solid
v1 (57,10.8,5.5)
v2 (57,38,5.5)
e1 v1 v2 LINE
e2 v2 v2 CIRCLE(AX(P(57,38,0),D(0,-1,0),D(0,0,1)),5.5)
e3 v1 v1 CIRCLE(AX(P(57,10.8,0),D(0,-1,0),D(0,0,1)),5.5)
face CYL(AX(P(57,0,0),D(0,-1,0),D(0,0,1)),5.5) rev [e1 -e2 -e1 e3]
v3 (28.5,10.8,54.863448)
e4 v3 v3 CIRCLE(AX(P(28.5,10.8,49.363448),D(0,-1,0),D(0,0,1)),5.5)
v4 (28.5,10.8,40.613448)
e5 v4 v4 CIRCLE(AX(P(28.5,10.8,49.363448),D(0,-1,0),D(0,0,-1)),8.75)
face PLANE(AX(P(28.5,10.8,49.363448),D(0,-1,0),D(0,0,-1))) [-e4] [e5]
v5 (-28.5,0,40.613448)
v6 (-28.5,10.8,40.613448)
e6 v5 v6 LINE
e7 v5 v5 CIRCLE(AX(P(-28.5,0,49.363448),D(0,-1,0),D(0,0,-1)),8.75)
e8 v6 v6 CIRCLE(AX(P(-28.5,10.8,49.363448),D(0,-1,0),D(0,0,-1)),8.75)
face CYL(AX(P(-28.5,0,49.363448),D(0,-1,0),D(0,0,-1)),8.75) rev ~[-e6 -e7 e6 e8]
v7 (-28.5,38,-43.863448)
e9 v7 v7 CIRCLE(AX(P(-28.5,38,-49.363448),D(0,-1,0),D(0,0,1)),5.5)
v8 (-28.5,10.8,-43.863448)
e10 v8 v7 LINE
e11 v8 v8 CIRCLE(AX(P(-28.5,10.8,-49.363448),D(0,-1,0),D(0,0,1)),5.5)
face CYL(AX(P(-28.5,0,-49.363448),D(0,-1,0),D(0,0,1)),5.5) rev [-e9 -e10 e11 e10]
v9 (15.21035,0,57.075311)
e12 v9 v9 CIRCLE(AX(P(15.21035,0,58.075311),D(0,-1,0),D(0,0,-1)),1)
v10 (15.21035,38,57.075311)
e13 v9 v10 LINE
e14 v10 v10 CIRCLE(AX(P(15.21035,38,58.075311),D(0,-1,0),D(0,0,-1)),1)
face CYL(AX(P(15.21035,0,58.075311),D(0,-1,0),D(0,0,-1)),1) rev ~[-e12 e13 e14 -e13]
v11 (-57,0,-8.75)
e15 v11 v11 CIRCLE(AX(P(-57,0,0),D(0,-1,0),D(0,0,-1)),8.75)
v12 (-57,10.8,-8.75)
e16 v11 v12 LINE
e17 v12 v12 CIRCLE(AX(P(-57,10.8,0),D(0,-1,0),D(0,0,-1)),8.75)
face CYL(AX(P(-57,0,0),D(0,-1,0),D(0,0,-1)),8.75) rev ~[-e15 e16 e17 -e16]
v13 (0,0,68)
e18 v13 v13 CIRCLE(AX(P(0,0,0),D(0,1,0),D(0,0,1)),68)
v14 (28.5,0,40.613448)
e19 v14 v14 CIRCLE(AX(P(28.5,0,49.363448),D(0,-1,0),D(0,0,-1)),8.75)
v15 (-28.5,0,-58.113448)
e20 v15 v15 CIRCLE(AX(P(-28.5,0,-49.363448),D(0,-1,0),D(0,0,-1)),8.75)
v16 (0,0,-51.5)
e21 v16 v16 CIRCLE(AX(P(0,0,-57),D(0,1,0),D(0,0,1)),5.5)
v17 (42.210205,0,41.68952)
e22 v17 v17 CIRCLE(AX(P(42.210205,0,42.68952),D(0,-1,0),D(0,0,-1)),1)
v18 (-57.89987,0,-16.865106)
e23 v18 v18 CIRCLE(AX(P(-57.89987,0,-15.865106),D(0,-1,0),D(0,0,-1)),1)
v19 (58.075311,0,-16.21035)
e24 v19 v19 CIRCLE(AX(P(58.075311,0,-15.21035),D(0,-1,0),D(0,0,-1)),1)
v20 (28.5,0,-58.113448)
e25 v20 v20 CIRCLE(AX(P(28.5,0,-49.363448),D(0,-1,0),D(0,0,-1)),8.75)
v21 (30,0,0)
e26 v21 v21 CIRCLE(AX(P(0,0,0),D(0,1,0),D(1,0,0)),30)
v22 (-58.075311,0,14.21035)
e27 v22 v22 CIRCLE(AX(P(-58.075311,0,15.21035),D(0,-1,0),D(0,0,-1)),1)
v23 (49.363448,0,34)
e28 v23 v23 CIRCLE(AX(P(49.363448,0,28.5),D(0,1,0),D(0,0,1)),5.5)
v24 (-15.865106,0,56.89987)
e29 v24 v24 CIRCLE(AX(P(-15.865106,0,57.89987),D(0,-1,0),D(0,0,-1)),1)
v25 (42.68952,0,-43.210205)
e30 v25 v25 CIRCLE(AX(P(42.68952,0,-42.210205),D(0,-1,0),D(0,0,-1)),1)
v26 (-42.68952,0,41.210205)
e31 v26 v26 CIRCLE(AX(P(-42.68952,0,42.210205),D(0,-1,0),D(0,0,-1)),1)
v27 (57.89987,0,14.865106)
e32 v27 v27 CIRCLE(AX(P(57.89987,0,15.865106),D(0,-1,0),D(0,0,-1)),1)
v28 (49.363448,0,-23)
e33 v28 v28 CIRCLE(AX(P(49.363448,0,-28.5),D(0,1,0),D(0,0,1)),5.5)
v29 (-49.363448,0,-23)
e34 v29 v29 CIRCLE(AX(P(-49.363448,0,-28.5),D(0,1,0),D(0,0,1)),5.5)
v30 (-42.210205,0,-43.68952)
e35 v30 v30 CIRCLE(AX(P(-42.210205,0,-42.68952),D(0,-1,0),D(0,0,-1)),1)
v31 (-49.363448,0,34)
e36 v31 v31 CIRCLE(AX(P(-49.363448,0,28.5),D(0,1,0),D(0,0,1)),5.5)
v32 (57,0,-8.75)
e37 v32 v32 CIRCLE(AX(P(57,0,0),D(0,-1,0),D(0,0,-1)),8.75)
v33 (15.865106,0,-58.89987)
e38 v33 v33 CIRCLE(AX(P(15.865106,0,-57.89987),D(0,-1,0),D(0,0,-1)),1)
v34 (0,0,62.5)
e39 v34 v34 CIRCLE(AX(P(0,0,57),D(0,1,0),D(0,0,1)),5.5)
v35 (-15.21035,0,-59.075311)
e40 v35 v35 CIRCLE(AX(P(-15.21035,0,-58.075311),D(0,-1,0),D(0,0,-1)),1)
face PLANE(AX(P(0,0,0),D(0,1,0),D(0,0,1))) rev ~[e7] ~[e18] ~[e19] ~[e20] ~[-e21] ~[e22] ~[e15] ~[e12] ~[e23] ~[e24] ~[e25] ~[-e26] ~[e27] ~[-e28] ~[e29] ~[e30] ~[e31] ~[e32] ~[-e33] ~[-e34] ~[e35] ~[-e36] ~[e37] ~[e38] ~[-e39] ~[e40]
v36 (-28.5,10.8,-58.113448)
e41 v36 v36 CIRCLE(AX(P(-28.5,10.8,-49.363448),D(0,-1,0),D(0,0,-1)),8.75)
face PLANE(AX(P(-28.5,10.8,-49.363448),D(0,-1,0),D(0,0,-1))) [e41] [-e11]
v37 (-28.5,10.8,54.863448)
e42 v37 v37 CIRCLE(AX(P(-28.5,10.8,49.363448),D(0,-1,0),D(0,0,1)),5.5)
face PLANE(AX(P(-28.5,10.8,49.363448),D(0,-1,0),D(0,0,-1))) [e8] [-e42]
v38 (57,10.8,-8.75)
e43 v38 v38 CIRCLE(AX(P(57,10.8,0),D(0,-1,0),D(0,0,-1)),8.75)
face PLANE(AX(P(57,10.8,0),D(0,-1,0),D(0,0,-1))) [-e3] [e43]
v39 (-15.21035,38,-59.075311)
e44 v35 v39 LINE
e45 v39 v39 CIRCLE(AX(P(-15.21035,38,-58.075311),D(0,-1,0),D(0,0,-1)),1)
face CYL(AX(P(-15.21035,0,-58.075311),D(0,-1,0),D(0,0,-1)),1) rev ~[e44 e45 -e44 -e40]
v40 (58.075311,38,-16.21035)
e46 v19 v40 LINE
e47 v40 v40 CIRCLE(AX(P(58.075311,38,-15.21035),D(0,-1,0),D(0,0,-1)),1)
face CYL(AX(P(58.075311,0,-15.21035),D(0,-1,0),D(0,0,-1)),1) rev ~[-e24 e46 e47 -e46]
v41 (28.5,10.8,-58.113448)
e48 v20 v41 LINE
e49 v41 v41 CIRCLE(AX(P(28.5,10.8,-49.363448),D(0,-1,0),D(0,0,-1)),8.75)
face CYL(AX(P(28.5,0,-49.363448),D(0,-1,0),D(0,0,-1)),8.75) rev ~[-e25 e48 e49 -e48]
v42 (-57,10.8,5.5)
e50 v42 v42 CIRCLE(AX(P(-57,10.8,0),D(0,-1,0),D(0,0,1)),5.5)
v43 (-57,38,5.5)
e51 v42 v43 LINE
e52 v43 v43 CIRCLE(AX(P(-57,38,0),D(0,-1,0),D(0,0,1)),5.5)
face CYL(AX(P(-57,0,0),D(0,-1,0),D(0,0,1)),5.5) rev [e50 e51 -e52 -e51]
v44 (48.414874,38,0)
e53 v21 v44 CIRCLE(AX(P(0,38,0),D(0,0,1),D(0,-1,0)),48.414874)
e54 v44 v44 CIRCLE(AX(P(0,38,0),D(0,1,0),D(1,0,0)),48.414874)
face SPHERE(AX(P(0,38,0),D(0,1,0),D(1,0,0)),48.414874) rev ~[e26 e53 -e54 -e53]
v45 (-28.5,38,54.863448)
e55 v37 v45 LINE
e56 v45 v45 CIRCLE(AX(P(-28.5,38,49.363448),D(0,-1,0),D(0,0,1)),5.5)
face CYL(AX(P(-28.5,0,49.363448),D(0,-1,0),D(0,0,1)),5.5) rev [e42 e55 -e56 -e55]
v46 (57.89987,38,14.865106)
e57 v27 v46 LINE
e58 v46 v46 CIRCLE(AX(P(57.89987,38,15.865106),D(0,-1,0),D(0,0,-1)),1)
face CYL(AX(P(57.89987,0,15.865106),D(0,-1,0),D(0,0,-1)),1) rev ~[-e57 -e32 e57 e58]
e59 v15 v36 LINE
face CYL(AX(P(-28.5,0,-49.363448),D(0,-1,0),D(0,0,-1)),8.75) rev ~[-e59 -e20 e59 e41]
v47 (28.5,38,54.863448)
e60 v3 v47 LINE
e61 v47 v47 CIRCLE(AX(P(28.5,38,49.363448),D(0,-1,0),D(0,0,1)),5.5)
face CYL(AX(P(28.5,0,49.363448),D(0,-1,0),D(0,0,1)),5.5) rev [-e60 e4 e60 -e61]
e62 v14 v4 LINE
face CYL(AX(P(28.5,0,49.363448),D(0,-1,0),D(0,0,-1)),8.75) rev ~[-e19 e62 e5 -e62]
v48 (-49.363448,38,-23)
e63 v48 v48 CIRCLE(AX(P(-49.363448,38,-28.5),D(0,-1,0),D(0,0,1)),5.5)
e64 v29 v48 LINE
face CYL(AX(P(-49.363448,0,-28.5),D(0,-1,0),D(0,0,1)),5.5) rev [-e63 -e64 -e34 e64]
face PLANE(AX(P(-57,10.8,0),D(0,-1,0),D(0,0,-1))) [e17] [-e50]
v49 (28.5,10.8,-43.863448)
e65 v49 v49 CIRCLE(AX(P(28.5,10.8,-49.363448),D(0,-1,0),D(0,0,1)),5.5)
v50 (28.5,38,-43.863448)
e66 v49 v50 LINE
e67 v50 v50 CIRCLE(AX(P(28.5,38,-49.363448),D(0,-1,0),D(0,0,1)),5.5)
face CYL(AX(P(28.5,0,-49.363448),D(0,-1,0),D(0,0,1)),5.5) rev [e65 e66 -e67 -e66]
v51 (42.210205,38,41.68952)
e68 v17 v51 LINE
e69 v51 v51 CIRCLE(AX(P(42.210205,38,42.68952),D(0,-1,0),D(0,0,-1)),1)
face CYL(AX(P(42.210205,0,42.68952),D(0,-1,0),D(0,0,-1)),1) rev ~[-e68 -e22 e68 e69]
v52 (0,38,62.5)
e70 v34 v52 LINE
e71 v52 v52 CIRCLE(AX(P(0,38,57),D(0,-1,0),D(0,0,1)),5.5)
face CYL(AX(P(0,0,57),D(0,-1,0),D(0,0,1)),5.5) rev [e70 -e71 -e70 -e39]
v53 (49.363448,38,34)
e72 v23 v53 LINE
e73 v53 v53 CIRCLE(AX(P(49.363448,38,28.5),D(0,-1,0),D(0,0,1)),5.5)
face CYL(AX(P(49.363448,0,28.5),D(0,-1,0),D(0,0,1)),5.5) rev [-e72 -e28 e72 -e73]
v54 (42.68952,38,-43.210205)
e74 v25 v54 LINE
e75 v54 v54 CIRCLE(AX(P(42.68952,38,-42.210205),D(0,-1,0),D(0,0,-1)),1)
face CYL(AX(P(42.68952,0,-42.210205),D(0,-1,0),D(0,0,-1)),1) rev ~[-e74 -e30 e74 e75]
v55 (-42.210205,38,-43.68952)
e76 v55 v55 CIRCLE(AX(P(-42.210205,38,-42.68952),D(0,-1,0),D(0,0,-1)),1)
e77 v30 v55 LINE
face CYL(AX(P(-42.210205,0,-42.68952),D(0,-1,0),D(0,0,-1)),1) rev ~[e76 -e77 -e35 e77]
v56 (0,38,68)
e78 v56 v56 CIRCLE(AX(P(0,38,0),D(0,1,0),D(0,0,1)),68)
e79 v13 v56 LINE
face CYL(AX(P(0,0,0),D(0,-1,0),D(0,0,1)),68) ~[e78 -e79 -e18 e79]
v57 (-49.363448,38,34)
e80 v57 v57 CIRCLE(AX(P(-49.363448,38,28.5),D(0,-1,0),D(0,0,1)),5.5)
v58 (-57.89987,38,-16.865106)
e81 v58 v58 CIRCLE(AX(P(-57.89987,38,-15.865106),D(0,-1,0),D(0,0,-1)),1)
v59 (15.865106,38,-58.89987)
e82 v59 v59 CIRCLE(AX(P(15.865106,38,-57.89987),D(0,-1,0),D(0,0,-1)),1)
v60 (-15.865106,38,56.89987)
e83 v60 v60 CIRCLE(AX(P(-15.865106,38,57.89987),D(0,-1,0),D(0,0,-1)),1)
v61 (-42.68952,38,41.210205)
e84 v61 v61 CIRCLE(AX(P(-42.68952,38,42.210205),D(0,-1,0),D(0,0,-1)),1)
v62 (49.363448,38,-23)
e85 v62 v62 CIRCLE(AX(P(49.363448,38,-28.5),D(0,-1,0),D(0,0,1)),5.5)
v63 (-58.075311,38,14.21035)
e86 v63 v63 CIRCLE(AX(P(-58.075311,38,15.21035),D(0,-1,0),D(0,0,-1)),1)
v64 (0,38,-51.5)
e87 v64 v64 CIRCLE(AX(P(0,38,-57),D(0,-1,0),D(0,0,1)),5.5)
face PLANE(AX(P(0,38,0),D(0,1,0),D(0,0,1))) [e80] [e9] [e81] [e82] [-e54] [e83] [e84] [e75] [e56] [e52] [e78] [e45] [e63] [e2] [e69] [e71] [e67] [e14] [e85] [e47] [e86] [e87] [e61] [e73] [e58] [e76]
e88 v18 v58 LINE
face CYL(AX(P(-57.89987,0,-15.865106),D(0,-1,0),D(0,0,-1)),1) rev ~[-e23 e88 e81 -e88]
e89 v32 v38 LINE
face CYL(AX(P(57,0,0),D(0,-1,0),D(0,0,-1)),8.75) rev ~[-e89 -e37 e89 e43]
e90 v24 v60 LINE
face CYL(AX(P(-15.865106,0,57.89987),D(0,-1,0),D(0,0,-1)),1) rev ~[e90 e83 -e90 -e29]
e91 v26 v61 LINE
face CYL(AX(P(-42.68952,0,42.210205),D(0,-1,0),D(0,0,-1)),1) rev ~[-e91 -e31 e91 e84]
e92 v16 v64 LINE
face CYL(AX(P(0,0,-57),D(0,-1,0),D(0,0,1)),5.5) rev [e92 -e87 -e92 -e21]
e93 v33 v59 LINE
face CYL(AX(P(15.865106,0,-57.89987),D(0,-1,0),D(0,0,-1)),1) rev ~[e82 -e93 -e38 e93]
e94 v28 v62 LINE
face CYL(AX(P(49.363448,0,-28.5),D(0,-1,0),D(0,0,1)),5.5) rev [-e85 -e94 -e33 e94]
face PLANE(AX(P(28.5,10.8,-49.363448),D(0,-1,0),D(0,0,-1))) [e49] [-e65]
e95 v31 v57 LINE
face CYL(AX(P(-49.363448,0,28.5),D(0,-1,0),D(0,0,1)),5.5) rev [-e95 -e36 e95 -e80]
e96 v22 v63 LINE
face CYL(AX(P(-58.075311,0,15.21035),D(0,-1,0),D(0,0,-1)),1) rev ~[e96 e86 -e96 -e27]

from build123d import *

# Parameters (mm, degrees)
SKETCH_1_R          = 68
SKETCH_1_R_2        = 5.5
EXTRUDE_1_DEPTH     = 60
SKETCH_2_R          = 8.75
CUT_EXTRUDE_1_DEPTH = 10.8
SKETCH_4_R          = 8.75
CUT_EXTRUDE_2_DEPTH = 10.8
CUT_EXTRUDE_START   = -22
SKETCH_6_R          = 68
CUT_EXTRUDE_6_DEPTH = 22
SKETCH_9_R          = 1
CUT_EXTRUDE_7_DEPTH = 104.402127638


with BuildPart() as part:
    # 草图1 → 凸台-拉伸1 (new body)
    with BuildSketch(Plane(origin=(0, 0, 0), x_dir=(1, 0, 0), z_dir=(0, 1, 0))):
        with Locations(Location((0, 0, 0), (0, 0, 270))):
            Circle(SKETCH_1_R)
        with Locations(Location((0, 57, 0), (0, 0, 270))):
            Circle(SKETCH_1_R_2, mode=Mode.SUBTRACT)
        with Locations(Location((28.5, 49.363448016, 0), (0, 0, 270))):
            Circle(SKETCH_1_R_2, mode=Mode.SUBTRACT)
        with Locations(Location((49.363448016, 28.5, 0), (0, 0, 270))):
            Circle(SKETCH_1_R_2, mode=Mode.SUBTRACT)
        with Locations(Location((57, 0, 0), (0, 0, 270))):
            Circle(SKETCH_1_R_2, mode=Mode.SUBTRACT)
        with Locations(Location((49.363448016, -28.5, 0), (0, 0, 270))):
            Circle(SKETCH_1_R_2, mode=Mode.SUBTRACT)
        with Locations(Location((28.5, -49.363448016, 0), (0, 0, 270))):
            Circle(SKETCH_1_R_2, mode=Mode.SUBTRACT)
        with Locations(Location((0, -57, 0), (0, 0, 270))):
            Circle(SKETCH_1_R_2, mode=Mode.SUBTRACT)
        with Locations(Location((-28.5, -49.363448016, 0), (0, 0, 270))):
            Circle(SKETCH_1_R_2, mode=Mode.SUBTRACT)
        with Locations(Location((-49.363448016, -28.5, 0), (0, 0, 270))):
            Circle(SKETCH_1_R_2, mode=Mode.SUBTRACT)
        with Locations(Location((-57, 0, 0), (0, 0, 270))):
            Circle(SKETCH_1_R_2, mode=Mode.SUBTRACT)
        with Locations(Location((-49.363448016, 28.5, 0), (0, 0, 270))):
            Circle(SKETCH_1_R_2, mode=Mode.SUBTRACT)
        with Locations(Location((-28.5, 49.363448016, 0), (0, 0, 270))):
            Circle(SKETCH_1_R_2, mode=Mode.SUBTRACT)
    extrude(amount=EXTRUDE_1_DEPTH)

    # 草图2 → 切除-拉伸1 (cut)
    with BuildSketch(Plane(origin=(0, 60, 0), x_dir=(1, 0, 0), z_dir=(0, 1, 0))):
        with Locations(Location((0, 57, 0), (0, 0, 270))):
            Circle(SKETCH_2_R)
        with Locations(Location((49.363448016, 28.5, 0), (0, 0, 270))):
            Circle(SKETCH_2_R)
        with Locations(Location((49.363448016, -28.5, 0), (0, 0, 270))):
            Circle(SKETCH_2_R)
        with Locations(Location((0, -57, 0), (0, 0, 270))):
            Circle(SKETCH_2_R)
        with Locations(Location((-49.363448016, -28.5, 0), (0, 0, 270))):
            Circle(SKETCH_2_R)
        with Locations(Location((-49.363448016, 28.5, 0), (0, 0, 270))):
            Circle(SKETCH_2_R)
    extrude(amount=-CUT_EXTRUDE_1_DEPTH, mode=Mode.SUBTRACT)

    # 草图4 → 切除-拉伸2 (cut)
    with BuildSketch(Plane.XZ):
        with Locations(Location((28.5, 49.363448016, 0), (0, 0, 270))):
            Circle(SKETCH_4_R)
        with Locations(Location((57, 0, 0), (0, 0, 270))):
            Circle(SKETCH_4_R)
        with Locations(Location((28.5, -49.363448016, 0), (0, 0, 270))):
            Circle(SKETCH_4_R)
        with Locations(Location((-28.5, -49.363448016, 0), (0, 0, 270))):
            Circle(SKETCH_4_R)
        with Locations(Location((-57, 0, 0), (0, 0, 270))):
            Circle(SKETCH_4_R)
        with Locations(Location((-28.5, 49.363448016, 0), (0, 0, 270))):
            Circle(SKETCH_4_R)
    extrude(amount=-CUT_EXTRUDE_2_DEPTH, mode=Mode.SUBTRACT)

    # 草图6 → 切除-拉伸6 (cut)
    with BuildSketch(Plane(origin=(0, 60, 0), x_dir=(1, 0, 0), z_dir=(0, 1, 0)).offset(CUT_EXTRUDE_START)):
        with Locations(Location((0, 0, 0), (0, 0, 270))):
            Circle(SKETCH_6_R)
    extrude(amount=CUT_EXTRUDE_6_DEPTH, mode=Mode.SUBTRACT)

    # 草图8 → 切除-旋转3 (revolve, cut)
    with BuildSketch(Plane.XY):
        with BuildLine():
            Line((0, 38), (0, 0))
            Line((0, 0), (0, -10.414873748))
            ThreePointArc((0, -10.414873748), (48.414873748, 38), (0, 86.414873748))
            Line((0, 86.414873748), (0, 38))
        make_face()
    revolve(axis=Axis((0, -10.414873748, 0), (0, 1, 0)), mode=Mode.SUBTRACT)

    # 草图9 → 切除-拉伸7 (cut, through all)
    with BuildSketch(Plane.XZ):
        with Locations(Location((15.210350017, 58.075311231, 0), (0, 0, 270))):
            Circle(SKETCH_9_R)
        with Locations(Location((42.210205131, 42.689519851, 0), (0, 0, 270))):
            Circle(SKETCH_9_R)
        with Locations(Location((57.899869867, 15.865106101, 0), (0, 0, 270))):
            Circle(SKETCH_9_R)
        with Locations(Location((58.075311231, -15.210350017, 0), (0, 0, 270))):
            Circle(SKETCH_9_R)
        with Locations(Location((42.689519851, -42.210205131, 0), (0, 0, 270))):
            Circle(SKETCH_9_R)
        with Locations(Location((15.865106101, -57.899869867, 0), (0, 0, 270))):
            Circle(SKETCH_9_R)
        with Locations(Location((-15.210350017, -58.075311231, 0), (0, 0, 270))):
            Circle(SKETCH_9_R)
        with Locations(Location((-42.210205131, -42.689519851, 0), (0, 0, 270))):
            Circle(SKETCH_9_R)
        with Locations(Location((-57.899869867, -15.865106101, 0), (0, 0, 270))):
            Circle(SKETCH_9_R)
        with Locations(Location((-58.075311231, 15.210350017, 0), (0, 0, 270))):
            Circle(SKETCH_9_R)
        with Locations(Location((-42.689519851, 42.210205131, 0), (0, 0, 270))):
            Circle(SKETCH_9_R)
        with Locations(Location((-15.865106101, 57.899869867, 0), (0, 0, 270))):
            Circle(SKETCH_9_R)
    extrude(amount=-CUT_EXTRUDE_7_DEPTH, mode=Mode.SUBTRACT)


solid = part.part
